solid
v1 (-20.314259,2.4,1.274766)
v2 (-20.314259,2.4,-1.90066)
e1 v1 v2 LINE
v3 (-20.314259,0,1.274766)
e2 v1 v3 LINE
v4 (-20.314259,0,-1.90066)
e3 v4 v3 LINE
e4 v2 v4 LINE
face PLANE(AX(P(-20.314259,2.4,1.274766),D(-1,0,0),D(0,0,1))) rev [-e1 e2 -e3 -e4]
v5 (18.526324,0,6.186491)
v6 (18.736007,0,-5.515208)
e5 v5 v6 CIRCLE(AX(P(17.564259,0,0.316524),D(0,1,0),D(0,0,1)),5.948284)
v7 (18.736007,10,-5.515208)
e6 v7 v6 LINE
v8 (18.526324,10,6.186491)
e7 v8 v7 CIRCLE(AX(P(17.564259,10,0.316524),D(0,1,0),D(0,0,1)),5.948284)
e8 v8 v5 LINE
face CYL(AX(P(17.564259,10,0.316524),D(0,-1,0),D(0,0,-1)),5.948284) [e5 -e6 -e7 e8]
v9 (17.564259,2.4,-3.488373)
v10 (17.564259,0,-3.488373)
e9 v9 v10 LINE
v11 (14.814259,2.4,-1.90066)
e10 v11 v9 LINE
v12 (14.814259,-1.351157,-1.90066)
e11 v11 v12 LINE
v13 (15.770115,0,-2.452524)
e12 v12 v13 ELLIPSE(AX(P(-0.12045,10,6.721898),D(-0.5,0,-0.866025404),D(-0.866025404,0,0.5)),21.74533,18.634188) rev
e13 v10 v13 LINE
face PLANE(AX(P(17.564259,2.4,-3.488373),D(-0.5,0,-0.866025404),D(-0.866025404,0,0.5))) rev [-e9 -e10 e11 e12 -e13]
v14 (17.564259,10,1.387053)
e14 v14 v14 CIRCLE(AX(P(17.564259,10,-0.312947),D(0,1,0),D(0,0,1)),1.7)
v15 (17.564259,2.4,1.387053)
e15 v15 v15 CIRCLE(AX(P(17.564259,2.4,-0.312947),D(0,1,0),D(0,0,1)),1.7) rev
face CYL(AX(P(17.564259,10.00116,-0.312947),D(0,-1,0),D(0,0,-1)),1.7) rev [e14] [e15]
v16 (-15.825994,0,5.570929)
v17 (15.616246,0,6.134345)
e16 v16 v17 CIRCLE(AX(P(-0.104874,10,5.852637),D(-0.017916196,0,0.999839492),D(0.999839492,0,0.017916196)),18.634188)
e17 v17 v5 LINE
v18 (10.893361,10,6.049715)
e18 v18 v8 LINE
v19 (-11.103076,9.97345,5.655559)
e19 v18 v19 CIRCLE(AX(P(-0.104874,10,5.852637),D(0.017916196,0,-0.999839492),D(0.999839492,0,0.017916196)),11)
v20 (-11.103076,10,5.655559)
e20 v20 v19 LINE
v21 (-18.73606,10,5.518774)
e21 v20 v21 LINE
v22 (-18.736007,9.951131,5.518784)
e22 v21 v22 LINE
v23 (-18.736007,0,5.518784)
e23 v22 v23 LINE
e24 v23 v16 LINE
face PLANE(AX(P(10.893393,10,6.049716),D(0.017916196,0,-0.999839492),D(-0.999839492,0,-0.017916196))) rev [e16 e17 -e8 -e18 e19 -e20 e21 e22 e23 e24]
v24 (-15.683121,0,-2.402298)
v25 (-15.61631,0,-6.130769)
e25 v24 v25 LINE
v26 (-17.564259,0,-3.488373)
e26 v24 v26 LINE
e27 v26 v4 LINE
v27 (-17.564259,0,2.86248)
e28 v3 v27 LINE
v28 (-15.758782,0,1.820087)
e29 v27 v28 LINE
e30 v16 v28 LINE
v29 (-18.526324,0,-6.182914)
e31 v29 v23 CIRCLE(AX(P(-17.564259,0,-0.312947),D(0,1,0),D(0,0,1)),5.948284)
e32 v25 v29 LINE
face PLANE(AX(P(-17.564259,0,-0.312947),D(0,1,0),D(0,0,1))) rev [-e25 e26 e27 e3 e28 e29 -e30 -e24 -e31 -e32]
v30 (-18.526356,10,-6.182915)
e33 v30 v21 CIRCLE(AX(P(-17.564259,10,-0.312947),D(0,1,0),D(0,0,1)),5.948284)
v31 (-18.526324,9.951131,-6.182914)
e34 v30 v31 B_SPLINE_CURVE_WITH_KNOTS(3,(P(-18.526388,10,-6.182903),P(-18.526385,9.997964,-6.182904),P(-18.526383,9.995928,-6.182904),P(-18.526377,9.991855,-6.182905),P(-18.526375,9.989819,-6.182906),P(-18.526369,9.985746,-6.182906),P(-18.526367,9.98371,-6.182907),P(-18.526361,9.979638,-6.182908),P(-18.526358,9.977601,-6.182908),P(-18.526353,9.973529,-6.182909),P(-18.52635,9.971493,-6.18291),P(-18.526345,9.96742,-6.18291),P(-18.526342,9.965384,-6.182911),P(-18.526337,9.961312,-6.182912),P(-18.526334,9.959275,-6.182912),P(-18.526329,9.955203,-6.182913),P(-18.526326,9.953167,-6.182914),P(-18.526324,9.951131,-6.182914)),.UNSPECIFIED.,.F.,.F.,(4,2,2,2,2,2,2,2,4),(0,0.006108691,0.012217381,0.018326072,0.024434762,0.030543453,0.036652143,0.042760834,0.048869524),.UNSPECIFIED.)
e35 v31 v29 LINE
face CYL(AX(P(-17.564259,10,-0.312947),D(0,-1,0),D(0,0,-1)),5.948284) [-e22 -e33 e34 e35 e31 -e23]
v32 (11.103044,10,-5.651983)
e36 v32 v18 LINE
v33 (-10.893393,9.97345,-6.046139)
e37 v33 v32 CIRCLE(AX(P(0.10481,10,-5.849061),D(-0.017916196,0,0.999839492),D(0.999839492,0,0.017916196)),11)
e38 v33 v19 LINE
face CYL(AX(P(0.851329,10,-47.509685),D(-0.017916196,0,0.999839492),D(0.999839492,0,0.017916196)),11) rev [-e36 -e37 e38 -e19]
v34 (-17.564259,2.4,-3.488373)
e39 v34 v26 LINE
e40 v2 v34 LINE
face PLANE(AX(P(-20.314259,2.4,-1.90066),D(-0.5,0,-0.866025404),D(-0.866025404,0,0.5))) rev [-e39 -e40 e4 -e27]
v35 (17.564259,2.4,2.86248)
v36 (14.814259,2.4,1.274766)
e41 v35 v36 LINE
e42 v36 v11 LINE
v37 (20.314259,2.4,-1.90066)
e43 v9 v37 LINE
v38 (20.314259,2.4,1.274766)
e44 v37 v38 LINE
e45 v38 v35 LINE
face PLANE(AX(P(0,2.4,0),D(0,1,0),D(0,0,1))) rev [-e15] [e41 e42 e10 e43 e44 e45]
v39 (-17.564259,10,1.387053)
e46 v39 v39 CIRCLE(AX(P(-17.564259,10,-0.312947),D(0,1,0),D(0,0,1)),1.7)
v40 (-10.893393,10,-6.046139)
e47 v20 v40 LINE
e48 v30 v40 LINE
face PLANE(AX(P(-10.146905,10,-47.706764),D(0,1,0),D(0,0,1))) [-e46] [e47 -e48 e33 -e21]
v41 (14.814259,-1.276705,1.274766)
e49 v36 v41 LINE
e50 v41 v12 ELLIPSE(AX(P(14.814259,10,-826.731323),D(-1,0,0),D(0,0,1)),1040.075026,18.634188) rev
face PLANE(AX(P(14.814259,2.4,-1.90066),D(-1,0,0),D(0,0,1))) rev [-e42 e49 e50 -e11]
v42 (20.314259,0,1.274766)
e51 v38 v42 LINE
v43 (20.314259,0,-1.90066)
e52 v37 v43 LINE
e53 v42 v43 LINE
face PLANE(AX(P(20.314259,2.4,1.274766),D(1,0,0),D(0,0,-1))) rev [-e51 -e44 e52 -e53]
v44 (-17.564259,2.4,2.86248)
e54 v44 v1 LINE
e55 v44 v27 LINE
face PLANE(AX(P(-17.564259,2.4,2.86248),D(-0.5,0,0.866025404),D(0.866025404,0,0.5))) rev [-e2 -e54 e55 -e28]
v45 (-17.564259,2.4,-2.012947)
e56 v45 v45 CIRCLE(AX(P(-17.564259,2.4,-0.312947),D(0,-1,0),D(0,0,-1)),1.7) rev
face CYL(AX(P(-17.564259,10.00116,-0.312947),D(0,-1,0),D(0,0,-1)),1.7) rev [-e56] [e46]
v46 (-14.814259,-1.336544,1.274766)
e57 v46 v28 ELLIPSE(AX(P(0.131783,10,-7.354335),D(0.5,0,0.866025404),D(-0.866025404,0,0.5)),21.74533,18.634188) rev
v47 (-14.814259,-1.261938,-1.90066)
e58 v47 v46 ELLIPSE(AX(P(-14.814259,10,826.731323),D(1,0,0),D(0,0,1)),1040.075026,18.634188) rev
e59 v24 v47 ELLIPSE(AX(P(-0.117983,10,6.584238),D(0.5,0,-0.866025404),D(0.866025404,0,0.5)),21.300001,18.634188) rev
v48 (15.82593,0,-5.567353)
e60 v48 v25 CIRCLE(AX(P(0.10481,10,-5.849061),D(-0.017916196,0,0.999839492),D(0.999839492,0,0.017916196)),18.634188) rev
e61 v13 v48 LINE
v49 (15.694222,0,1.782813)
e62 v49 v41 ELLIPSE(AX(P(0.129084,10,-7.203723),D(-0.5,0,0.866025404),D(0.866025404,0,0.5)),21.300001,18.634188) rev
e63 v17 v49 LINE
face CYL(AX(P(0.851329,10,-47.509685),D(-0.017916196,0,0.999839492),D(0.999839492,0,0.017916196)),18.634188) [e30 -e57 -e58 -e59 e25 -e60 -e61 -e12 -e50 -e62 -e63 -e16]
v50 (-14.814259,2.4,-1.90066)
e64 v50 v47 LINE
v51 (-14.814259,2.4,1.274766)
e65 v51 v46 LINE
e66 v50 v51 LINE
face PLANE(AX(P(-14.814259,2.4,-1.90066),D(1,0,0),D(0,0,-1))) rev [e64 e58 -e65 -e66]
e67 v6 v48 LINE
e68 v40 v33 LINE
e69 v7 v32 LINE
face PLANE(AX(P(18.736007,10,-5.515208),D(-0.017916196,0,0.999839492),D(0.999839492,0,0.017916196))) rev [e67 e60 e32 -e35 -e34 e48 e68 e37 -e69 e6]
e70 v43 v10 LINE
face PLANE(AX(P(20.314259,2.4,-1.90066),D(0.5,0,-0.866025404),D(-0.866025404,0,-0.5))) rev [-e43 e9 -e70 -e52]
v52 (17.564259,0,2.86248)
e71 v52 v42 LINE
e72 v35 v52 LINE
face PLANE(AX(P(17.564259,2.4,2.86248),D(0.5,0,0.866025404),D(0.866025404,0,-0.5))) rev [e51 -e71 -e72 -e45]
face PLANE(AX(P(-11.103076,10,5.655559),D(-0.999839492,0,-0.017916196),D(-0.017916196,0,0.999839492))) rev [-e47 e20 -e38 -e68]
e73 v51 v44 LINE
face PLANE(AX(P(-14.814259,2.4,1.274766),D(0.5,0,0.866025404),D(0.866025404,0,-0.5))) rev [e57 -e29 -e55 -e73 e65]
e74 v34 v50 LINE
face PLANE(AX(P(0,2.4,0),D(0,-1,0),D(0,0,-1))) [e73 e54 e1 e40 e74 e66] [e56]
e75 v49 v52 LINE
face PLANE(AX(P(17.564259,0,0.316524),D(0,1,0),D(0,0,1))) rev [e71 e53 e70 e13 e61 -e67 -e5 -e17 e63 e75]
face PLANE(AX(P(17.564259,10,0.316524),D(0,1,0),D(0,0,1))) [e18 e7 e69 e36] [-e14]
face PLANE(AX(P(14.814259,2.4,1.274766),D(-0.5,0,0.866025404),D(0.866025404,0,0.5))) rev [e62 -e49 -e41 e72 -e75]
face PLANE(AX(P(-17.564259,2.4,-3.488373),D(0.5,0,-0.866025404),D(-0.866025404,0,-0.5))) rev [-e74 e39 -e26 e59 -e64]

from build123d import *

# Parameters (mm, degrees)
EXTRUDE_1_DEPTH     = 10
EXTRUDE_1_2_DEPTH   = 10
EXTRUDE_3_DEPTH     = 11.703576761
SKETCH_5_R          = 1.7
CUT_EXTRUDE_1_DEPTH = 27.289015437
CUT_EXTRUDE_2_DEPTH = 2.4


with BuildPart() as part:
    # 草图1 → 凸台-拉伸1 (new body)
    with BuildSketch(Plane(origin=(0, 0, 0), x_dir=(1, 0, 0), z_dir=(0, 1, 0))):
        with BuildLine():
            Line((10.893392623, -6.049715663), (18.526323659, -6.186490707))
            ThreePointArc((18.526323659, -6.186490707), (23.511587835, -0.423094228), (18.736007239, 5.515207537))
            Line((18.736007239, 5.515207537), (11.103076203, 5.651982581))
            Line((11.103076203, 5.651982581), (10.893392623, -6.049715663))
        make_face()
    extrude(amount=EXTRUDE_1_DEPTH)



with BuildPart() as body_2:
    # 草图1 → Extrude 1 2 (new body)
    with BuildSketch(Plane(origin=(0, 0, 0), x_dir=(1, 0, 0), z_dir=(0, 1, 0))):
        with BuildLine():
            Line((-10.893392623, 6.046138902), (-18.526323659, 6.182913947))
            ThreePointArc((-18.526323659, 6.182913947), (-23.511587835, 0.419517467), (-18.736007239, -5.518784297))
            Line((-18.736007239, -5.518784297), (-11.103076203, -5.655559342))
            Line((-11.103076203, -5.655559342), (-10.893392623, 6.046138902))
        make_face()
    extrude(amount=EXTRUDE_1_2_DEPTH)


with BuildPart() as part_1:
    add(part.part)

    add(body_2.part)  # 凸台-拉伸3 merges body 2
    # 草图3 → 凸台-拉伸3 (add)
    with BuildSketch(Plane(origin=(-0.104873826, 0, 5.852636928), x_dir=(0.9998394920722602, 0, 0.017916196378829744), z_dir=(-0.017916196378829744, 0, 0.9998394920722602))):
        with BuildLine():
            Line((-11, 10), (-18.63418842, 10))
            ThreePointArc((-18.63418842, 10), (0, -8.63418842), (18.63418842, 10))
            Line((18.63418842, 10), (11, 10))
            ThreePointArc((11, 10), (0, -1), (-11, 10))
        make_face()
    extrude(amount=-EXTRUDE_3_DEPTH)

    # 草图5 → 切除-拉伸1 (cut, through all)
    with BuildSketch(Plane.XZ):
        with Locations(Location((-17.564258534, -0.312946842, 0), (0, 0, 270))):
            Circle(SKETCH_5_R)
        with Locations(Location((17.564258534, -0.312946842, 0), (0, 0, 90))):
            Circle(SKETCH_5_R)
    extrude(amount=-CUT_EXTRUDE_1_DEPTH, mode=Mode.SUBTRACT)

    # 草图6 → 切除-拉伸2 (cut, symmetric)
    with BuildSketch(Plane.XZ):
        Polygon((20.314258534, -1.900660082), (17.564258534, -3.488373323), (14.814258534, -1.900660082), (14.814258534, 1.274766398), (17.564258534, 2.862479638), (20.314258534, 1.274766398), align=None)
        Polygon((-17.564258534, -3.488373323), (-14.814258534, -1.900660082), (-14.814258534, 1.274766398), (-17.564258534, 2.862479638), (-20.314258534, 1.274766398), (-20.314258534, -1.900660082), align=None)
    extrude(amount=CUT_EXTRUDE_2_DEPTH, both=True, mode=Mode.SUBTRACT)


solid = part_1.part
